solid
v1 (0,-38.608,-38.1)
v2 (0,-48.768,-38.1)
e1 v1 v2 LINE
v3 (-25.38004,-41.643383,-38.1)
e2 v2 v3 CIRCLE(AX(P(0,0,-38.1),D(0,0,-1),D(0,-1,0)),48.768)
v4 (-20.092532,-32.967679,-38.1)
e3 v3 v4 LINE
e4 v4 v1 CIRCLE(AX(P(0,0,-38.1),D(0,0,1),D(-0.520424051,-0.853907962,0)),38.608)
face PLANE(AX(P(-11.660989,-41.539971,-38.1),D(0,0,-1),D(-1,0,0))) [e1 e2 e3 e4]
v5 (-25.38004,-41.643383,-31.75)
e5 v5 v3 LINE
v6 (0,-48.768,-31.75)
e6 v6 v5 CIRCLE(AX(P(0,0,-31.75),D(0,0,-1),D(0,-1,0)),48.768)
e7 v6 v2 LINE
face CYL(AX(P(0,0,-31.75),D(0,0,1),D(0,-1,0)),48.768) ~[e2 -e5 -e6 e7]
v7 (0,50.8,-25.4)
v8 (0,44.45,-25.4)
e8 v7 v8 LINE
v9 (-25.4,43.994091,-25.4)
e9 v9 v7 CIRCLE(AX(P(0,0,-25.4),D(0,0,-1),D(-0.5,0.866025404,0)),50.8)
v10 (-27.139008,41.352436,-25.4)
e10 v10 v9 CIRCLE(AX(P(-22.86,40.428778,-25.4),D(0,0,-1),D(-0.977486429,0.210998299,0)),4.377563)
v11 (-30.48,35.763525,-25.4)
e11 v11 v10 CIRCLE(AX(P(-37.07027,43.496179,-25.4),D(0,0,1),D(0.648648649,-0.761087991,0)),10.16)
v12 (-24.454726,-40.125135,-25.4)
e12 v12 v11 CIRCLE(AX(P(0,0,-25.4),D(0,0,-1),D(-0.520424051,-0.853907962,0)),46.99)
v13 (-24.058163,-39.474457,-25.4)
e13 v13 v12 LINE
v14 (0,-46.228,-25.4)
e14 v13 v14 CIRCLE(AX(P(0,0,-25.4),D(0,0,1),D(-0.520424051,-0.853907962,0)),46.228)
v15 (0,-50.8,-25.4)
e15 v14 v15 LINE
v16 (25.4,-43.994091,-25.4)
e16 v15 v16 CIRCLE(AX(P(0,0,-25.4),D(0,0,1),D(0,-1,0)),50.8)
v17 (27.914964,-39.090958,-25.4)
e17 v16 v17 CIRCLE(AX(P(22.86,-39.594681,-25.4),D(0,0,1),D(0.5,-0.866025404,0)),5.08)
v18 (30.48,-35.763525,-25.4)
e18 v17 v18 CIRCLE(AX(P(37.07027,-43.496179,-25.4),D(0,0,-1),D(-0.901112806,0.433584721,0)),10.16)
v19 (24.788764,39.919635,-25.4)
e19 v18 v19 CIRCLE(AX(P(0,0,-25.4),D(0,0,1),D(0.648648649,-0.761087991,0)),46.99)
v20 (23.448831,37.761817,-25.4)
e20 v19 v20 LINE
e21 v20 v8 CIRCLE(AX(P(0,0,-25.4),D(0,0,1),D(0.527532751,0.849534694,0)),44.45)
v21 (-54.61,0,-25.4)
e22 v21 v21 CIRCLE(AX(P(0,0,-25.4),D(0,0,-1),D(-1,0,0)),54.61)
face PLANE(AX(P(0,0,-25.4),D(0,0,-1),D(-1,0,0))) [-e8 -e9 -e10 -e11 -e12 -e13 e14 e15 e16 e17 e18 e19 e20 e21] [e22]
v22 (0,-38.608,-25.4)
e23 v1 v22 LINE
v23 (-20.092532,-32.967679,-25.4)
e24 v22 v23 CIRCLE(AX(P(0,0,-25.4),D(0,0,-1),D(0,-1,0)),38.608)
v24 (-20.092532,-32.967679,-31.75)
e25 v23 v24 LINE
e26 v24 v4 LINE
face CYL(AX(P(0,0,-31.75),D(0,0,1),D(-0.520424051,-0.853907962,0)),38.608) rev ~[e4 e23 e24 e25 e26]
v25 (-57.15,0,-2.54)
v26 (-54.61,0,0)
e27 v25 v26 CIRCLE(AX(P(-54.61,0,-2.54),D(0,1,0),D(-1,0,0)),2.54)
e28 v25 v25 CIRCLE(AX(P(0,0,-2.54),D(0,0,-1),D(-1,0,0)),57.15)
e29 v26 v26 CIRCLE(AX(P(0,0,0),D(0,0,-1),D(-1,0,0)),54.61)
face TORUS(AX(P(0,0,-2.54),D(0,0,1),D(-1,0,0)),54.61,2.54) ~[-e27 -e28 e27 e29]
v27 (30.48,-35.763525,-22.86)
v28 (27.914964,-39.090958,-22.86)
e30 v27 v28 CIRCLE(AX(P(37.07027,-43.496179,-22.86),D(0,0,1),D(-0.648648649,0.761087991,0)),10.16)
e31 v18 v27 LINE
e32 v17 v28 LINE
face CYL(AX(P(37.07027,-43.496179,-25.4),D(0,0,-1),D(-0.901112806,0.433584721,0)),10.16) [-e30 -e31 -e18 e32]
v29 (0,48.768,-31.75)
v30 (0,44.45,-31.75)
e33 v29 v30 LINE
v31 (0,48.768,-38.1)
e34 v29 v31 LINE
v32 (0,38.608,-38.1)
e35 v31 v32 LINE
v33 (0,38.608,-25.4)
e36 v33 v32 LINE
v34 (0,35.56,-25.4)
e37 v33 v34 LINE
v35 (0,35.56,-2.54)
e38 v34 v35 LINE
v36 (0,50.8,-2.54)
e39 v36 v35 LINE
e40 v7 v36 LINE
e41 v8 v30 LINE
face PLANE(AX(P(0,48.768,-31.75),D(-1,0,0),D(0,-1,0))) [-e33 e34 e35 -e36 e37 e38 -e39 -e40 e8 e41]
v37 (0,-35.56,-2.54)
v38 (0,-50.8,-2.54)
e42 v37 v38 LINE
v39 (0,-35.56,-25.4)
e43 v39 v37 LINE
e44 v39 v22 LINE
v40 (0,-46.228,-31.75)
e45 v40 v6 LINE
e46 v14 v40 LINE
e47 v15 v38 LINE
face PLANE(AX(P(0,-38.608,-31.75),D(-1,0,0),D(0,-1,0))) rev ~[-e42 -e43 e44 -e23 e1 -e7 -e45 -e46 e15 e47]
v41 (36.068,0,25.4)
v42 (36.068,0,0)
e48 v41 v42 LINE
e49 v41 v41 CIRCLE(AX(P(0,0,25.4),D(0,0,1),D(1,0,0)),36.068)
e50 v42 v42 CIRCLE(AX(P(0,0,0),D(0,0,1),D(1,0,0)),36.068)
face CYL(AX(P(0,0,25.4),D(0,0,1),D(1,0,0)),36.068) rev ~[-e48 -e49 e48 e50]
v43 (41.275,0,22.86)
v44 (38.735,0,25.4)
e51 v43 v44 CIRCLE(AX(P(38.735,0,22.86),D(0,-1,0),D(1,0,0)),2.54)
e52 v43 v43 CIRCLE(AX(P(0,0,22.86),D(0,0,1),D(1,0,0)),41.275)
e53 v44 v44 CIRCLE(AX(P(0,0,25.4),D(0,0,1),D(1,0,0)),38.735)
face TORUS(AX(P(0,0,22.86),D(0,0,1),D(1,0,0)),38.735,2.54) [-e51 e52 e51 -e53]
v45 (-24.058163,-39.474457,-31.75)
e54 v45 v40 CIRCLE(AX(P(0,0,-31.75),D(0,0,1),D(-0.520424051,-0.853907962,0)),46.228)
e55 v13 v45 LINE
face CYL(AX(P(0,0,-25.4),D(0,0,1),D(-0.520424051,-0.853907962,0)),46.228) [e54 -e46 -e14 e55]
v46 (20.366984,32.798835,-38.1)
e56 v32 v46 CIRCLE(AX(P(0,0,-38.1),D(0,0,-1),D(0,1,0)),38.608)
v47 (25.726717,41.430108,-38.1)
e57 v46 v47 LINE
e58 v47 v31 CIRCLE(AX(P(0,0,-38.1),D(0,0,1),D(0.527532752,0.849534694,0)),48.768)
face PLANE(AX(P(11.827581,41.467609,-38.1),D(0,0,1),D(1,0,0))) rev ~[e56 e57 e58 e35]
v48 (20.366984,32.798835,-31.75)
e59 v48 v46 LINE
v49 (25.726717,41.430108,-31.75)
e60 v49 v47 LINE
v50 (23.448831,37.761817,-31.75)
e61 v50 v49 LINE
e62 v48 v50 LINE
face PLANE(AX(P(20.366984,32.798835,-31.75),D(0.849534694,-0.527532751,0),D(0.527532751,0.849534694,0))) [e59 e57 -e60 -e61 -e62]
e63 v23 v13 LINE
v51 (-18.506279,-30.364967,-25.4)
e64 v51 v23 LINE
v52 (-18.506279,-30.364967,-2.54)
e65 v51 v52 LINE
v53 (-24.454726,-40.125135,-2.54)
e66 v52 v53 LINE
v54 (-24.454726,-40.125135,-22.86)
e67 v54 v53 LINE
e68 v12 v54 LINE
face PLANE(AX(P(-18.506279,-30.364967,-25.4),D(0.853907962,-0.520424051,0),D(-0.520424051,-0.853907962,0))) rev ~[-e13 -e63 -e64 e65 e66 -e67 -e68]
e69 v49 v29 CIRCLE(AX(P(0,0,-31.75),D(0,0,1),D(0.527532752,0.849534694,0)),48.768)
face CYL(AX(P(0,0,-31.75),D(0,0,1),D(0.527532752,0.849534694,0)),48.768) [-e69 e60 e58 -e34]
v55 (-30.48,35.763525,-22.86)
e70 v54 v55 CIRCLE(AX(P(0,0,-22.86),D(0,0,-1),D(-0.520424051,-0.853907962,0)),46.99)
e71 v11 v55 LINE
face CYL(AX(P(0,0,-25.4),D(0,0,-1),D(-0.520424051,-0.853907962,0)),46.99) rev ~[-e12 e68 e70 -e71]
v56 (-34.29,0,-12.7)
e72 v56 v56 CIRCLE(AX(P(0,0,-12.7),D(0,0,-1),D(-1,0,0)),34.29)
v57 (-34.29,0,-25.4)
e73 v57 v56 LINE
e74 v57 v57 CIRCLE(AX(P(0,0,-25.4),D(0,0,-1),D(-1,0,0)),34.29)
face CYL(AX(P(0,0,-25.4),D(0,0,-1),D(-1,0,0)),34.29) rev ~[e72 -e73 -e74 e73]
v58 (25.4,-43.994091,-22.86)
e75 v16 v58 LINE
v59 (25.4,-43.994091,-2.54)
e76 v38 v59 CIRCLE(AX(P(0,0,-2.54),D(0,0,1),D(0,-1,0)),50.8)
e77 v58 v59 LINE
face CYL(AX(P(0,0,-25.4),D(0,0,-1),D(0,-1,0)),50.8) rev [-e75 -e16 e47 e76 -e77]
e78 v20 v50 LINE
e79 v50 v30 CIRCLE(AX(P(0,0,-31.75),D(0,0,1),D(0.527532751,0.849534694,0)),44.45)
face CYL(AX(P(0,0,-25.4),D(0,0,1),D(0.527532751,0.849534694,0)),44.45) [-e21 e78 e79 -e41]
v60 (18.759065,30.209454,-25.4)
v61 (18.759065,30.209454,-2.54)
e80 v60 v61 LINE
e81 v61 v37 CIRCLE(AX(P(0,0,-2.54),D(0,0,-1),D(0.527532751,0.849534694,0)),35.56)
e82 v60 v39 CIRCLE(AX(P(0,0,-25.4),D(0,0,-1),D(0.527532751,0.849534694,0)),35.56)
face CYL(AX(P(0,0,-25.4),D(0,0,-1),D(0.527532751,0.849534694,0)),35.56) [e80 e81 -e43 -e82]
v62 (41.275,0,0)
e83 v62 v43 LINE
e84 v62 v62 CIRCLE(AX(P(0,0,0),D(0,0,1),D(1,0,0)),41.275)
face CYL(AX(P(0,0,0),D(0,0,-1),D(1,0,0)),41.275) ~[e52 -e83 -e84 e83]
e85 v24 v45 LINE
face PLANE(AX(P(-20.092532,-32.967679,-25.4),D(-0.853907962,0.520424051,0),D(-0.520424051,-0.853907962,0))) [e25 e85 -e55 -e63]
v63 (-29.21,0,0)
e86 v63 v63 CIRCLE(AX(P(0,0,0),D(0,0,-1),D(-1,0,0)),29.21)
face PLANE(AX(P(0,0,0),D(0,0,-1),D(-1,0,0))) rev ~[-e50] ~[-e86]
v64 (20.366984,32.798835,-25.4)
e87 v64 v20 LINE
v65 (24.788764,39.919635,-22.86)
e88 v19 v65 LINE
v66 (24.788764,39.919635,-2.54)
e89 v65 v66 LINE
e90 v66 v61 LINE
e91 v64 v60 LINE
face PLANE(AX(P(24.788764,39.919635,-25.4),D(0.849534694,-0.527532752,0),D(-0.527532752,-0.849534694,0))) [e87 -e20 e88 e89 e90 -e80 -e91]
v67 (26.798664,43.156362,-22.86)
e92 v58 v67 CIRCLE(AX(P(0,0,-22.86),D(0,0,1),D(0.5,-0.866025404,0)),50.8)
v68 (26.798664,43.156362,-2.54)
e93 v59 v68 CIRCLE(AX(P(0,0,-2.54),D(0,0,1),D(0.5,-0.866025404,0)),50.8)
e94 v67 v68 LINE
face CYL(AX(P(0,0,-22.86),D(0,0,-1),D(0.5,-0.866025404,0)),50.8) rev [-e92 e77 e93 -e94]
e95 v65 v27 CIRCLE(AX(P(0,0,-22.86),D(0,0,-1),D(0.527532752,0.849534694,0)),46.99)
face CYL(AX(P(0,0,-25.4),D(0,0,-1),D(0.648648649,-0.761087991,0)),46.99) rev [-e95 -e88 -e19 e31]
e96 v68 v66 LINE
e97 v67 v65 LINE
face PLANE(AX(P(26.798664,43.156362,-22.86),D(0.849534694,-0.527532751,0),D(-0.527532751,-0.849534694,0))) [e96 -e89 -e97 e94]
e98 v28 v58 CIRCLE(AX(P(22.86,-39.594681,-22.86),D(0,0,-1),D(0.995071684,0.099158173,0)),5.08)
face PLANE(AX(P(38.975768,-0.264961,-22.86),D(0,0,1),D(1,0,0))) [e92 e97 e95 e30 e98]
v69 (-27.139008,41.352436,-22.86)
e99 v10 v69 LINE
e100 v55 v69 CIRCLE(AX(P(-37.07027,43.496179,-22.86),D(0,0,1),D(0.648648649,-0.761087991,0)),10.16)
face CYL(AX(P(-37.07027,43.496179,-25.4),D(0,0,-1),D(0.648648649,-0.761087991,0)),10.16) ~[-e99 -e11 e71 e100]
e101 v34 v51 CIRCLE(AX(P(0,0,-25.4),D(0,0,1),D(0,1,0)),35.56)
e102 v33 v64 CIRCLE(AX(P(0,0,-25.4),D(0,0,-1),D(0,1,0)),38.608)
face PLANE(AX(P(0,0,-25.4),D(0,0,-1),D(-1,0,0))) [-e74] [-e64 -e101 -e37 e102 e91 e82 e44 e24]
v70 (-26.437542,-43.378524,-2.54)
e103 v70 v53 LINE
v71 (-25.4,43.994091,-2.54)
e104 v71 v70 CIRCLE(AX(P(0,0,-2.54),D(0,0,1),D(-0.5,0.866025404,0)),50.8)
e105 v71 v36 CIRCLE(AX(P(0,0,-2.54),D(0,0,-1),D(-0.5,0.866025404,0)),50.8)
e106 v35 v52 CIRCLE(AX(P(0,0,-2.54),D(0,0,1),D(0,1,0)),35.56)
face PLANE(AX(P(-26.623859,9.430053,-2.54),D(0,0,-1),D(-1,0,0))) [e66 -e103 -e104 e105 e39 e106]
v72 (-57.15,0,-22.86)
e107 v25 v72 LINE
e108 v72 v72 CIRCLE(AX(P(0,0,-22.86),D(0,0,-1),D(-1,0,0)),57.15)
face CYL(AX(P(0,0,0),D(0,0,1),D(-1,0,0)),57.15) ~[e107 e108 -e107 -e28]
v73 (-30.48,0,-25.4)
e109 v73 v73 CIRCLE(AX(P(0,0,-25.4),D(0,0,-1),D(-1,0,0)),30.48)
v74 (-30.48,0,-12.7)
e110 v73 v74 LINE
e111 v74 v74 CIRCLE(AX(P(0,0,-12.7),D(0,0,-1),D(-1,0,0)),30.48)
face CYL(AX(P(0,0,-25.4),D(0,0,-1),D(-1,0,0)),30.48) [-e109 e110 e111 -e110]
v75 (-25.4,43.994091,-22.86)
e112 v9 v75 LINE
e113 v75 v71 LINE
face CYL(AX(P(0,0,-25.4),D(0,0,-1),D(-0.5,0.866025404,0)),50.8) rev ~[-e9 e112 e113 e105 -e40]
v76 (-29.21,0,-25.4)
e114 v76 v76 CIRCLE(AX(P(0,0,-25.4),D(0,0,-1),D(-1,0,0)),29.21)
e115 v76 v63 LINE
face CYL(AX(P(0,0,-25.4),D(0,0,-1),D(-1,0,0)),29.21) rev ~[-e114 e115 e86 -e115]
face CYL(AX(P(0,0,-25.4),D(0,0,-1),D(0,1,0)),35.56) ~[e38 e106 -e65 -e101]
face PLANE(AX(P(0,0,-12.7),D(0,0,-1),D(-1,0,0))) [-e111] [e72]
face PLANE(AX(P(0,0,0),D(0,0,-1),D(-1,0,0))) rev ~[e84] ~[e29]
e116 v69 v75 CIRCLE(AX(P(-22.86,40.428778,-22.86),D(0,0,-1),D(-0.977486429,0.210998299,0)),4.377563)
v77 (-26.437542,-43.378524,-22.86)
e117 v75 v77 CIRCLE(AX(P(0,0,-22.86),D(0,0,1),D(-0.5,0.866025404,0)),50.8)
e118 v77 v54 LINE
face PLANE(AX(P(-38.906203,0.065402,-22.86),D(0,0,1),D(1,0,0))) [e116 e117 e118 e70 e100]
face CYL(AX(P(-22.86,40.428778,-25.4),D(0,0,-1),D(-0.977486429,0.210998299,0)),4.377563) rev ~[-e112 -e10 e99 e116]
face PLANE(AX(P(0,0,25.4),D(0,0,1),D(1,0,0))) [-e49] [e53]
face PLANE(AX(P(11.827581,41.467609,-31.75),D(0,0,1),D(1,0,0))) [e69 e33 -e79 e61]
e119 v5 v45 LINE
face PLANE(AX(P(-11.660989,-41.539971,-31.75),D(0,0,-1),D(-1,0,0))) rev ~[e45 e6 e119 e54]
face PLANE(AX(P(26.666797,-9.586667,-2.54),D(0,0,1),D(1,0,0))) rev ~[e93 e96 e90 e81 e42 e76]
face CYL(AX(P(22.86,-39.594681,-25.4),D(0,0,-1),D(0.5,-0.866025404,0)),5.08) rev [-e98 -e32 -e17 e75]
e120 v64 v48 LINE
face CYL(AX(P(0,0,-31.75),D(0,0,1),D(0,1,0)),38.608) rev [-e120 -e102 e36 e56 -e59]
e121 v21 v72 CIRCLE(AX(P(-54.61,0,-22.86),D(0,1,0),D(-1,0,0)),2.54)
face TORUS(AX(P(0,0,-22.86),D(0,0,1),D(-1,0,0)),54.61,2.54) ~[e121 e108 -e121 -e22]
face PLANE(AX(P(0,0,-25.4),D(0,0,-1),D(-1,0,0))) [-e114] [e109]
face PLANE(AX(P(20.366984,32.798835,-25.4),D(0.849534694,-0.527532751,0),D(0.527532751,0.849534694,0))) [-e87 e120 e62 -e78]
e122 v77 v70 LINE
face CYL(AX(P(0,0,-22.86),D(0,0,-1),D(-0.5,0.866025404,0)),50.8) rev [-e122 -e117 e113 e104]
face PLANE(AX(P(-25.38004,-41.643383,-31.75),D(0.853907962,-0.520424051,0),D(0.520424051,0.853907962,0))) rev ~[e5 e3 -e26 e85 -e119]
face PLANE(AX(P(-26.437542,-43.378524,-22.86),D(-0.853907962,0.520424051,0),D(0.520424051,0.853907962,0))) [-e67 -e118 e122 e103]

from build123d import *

# Parameters (mm, degrees)
SKETCH1_R           = 41.275
BOSS_EXTRUDE1_DEPTH = 25.4
SKETCH2_R           = 36.068
CUT_EXTRUDE1_DEPTH  = 25.4
SKETCH3_R           = 57.15
BOSS_EXTRUDE2_DEPTH = 25.4
SKETCH4_R           = 29.21
CUT_EXTRUDE2_DEPTH  = 96.461432003
CUT_EXTRUDE4_DEPTH  = 22.86
CUT_EXTRUDE5_DEPTH  = 20.32
BOSS_EXTRUDE3_DEPTH = 6.35
BOSS_EXTRUDE4_DEPTH = 6.35
BOSS_EXTRUDE5_DEPTH = 6.35
BOSS_EXTRUDE6_DEPTH = 6.35
CUT_EXTRUDE6_DEPTH  = 22.86
CUT_EXTRUDE7_DEPTH  = 20.32
SKETCH15_R          = 34.29
SKETCH15_R_2        = 30.48
CUT_EXTRUDE8_DEPTH  = 12.7
FILLET1_R           = 2.54


with BuildPart() as part:
    # Sketch1 → Boss-Extrude1 (new body)
    with BuildSketch(Plane.XY):
        Circle(SKETCH1_R)
    extrude(amount=BOSS_EXTRUDE1_DEPTH)

    # Sketch2 → Cut-Extrude1 (cut)
    with BuildSketch(Plane.XY.offset(25.4)):
        Circle(SKETCH2_R)
    extrude(amount=-CUT_EXTRUDE1_DEPTH, mode=Mode.SUBTRACT)

    # Sketch3 → Boss-Extrude2 (add)
    with BuildSketch(Plane(origin=(0, 0, 0), x_dir=(-1, 0, 0), z_dir=(0, 0, -1))):
        Circle(SKETCH3_R)
    extrude(amount=BOSS_EXTRUDE2_DEPTH)

    # Sketch4 → Cut-Extrude2 (cut, through all)
    with BuildSketch(Plane(origin=(0, 0, -25.4), x_dir=(-1, 0, 0), z_dir=(0, 0, -1))):
        Circle(SKETCH4_R)
    extrude(amount=-CUT_EXTRUDE2_DEPTH, mode=Mode.SUBTRACT)

    # Sketch6 → Cut-Extrude4 (cut)
    with BuildSketch(Plane(origin=(0, 0, -25.4), x_dir=(-1, 0, 0), z_dir=(0, 0, -1))):
        with BuildLine():
            Line((18.506279238, -30.364967129), (24.454726136, -40.125135135))
            ThreePointArc((24.454726136, -40.125135135), (46.842589674, -3.719125253), (30.48, 35.763524714))
            ThreePointArc((30.48, 35.763524714), (28.349648711, 38.283083694), (27.139008157, 41.35243599))
            ThreePointArc((27.139008157, 41.35243599), (26.51640571, 42.835799248), (25.4, 43.994090512))
            ThreePointArc((25.4, 43.994090512), (13.148007491, 49.069031975), (0, 50.8))
            Line((0, 50.8), (0, 35.56))
            ThreePointArc((0, 35.56), (34.23661659, 9.610810811), (18.506279238, -30.364967129))
        make_face()
    extrude(amount=-CUT_EXTRUDE4_DEPTH, mode=Mode.SUBTRACT)

    # Sketch8 → Cut-Extrude5 (cut)
    with BuildSketch(Plane(origin=(0, 0, -22.86), x_dir=(-1, 0, 0), z_dir=(0, 0, -1))):
        with BuildLine():
            Line((26.437541769, -43.37852447), (24.454726136, -40.125135135))
            ThreePointArc((24.454726136, -40.125135135), (46.842589674, -3.719125253), (30.48, 35.763524714))
            ThreePointArc((30.48, 35.763524714), (28.349648711, 38.283083694), (27.139008157, 41.35243599))
            ThreePointArc((27.139008157, 41.35243599), (26.51640571, 42.835799248), (25.4, 43.994090512))
            ThreePointArc((25.4, 43.994090512), (50.796418637, 0.6032028), (26.437541769, -43.37852447))
        make_face()
    extrude(amount=-CUT_EXTRUDE5_DEPTH, mode=Mode.SUBTRACT)

    # Sketch9 → Boss-Extrude3 (add)
    with BuildSketch(Plane(origin=(0, 0, -25.4), x_dir=(-1, 0, 0), z_dir=(0, 0, -1))):
        with BuildLine():
            Line((0, 44.45), (0, 38.608))
            ThreePointArc((0, 38.608), (-10.589622857, 37.127315439), (-20.36698447, 32.798835461))
            Line((-20.36698447, 32.798835461), (-23.448830804, 37.761817143))
            ThreePointArc((-23.448830804, 37.761817143), (-12.192, 42.745264486), (0, 44.45))
        make_face()
    extrude(amount=BOSS_EXTRUDE3_DEPTH)

    # Sketch10 → Boss-Extrude4 (add)
    with BuildSketch(Plane(origin=(0, 0, -31.75), x_dir=(-1, 0, 0), z_dir=(0, 0, -1))):
        with BuildLine():
            Line((-20.36698447, 32.798835461), (-25.726717225, 41.430107951))
            ThreePointArc((-25.726717225, 41.430107951), (-13.376365714, 46.897661608), (0, 48.768))
            Line((0, 48.768), (0, 38.608))
            ThreePointArc((0, 38.608), (-10.589622857, 37.127315439), (-20.36698447, 32.798835461))
        make_face()
    extrude(amount=BOSS_EXTRUDE4_DEPTH)

    # Sketch11 → Boss-Extrude5 (add)
    with BuildSketch(Plane(origin=(0, 0, -25.4), x_dir=(-1, 0, 0), z_dir=(0, 0, -1))):
        with BuildLine():
            Line((0, -46.228), (0, -38.608))
            ThreePointArc((0, -38.608), (10.434594595, -37.171183727), (20.092531744, -32.967678598))
            Line((20.092531744, -32.967678598), (24.058163009, -39.474457268))
            ThreePointArc((24.058163009, -39.474457268), (12.494054054, -44.507601568), (0, -46.228))
        make_face()
    extrude(amount=BOSS_EXTRUDE5_DEPTH)

    # Sketch12 → Boss-Extrude6 (add)
    with BuildSketch(Plane(origin=(0, 0, -31.75), x_dir=(-1, 0, 0), z_dir=(0, 0, -1))):
        with BuildLine():
            Line((0, -38.608), (0, -48.768))
            ThreePointArc((0, -48.768), (13.180540541, -46.953074181), (25.380040098, -41.643383492))
            Line((25.380040098, -41.643383492), (20.092531744, -32.967678598))
            ThreePointArc((20.092531744, -32.967678598), (10.434594595, -37.171183727), (0, -38.608))
        make_face()
    extrude(amount=BOSS_EXTRUDE6_DEPTH)

    # Sketch13 → Cut-Extrude6 (cut)
    with BuildSketch(Plane(origin=(0, 0, -25.4), x_dir=(-1, 0, 0), z_dir=(0, 0, -1))):
        with BuildLine():
            Line((0, -35.56), (0, -50.8))
            ThreePointArc((0, -50.8), (-13.148007491, -49.069031975), (-25.4, -43.994090512))
            ThreePointArc((-25.4, -43.994090512), (-27.380071612, -41.913162133), (-27.914964156, -39.090957945))
            ThreePointArc((-27.914964156, -39.090957945), (-29.023609665, -37.293207394), (-30.48, -35.763524714))
            ThreePointArc((-30.48, -35.763524714), (-46.857702082, 3.52361399), (-24.788763993, 39.919635265))
            Line((-24.788763993, 39.919635265), (-18.759064643, 30.209453714))
            ThreePointArc((-18.759064643, 30.209453714), (-34.196211589, -9.7536), (0, -35.56))
        make_face()
    extrude(amount=-CUT_EXTRUDE6_DEPTH, mode=Mode.SUBTRACT)

    # Sketch14 → Cut-Extrude7 (cut)
    with BuildSketch(Plane(origin=(0, 0, -22.86), x_dir=(-1, 0, 0), z_dir=(0, 0, -1))):
        with BuildLine():
            Line((-26.798663776, 43.156362449), (-24.788763993, 39.919635265))
            ThreePointArc((-24.788763993, 39.919635265), (-46.857702082, 3.52361399), (-30.48, -35.763524714))
            ThreePointArc((-30.48, -35.763524714), (-29.023609665, -37.293207394), (-27.914964156, -39.090957945))
            ThreePointArc((-27.914964156, -39.090957945), (-27.380071612, -41.913162133), (-25.4, -43.994090512))
            ThreePointArc((-25.4, -43.994090512), (-50.793459105, -0.815176157), (-26.798663776, 43.156362449))
        make_face()
    extrude(amount=-CUT_EXTRUDE7_DEPTH, mode=Mode.SUBTRACT)

    # Sketch15 → Cut-Extrude8 (cut)
    with BuildSketch(Plane(origin=(0, 0, -25.4), x_dir=(-1, 0, 0), z_dir=(0, 0, -1))):
        Circle(SKETCH15_R)
        Circle(SKETCH15_R_2, mode=Mode.SUBTRACT)
    extrude(amount=-CUT_EXTRUDE8_DEPTH, mode=Mode.SUBTRACT)

    # Fillet1
    fillet1_edges = [part.edges().sort_by_distance(p)[0] for p in [
        (57.15, 0, 0),
        (57.15, 0, -25.4),
        (-41.275, 0, 25.4),
    ]]
    fillet(fillet1_edges, radius=FILLET1_R)


solid = part.part
